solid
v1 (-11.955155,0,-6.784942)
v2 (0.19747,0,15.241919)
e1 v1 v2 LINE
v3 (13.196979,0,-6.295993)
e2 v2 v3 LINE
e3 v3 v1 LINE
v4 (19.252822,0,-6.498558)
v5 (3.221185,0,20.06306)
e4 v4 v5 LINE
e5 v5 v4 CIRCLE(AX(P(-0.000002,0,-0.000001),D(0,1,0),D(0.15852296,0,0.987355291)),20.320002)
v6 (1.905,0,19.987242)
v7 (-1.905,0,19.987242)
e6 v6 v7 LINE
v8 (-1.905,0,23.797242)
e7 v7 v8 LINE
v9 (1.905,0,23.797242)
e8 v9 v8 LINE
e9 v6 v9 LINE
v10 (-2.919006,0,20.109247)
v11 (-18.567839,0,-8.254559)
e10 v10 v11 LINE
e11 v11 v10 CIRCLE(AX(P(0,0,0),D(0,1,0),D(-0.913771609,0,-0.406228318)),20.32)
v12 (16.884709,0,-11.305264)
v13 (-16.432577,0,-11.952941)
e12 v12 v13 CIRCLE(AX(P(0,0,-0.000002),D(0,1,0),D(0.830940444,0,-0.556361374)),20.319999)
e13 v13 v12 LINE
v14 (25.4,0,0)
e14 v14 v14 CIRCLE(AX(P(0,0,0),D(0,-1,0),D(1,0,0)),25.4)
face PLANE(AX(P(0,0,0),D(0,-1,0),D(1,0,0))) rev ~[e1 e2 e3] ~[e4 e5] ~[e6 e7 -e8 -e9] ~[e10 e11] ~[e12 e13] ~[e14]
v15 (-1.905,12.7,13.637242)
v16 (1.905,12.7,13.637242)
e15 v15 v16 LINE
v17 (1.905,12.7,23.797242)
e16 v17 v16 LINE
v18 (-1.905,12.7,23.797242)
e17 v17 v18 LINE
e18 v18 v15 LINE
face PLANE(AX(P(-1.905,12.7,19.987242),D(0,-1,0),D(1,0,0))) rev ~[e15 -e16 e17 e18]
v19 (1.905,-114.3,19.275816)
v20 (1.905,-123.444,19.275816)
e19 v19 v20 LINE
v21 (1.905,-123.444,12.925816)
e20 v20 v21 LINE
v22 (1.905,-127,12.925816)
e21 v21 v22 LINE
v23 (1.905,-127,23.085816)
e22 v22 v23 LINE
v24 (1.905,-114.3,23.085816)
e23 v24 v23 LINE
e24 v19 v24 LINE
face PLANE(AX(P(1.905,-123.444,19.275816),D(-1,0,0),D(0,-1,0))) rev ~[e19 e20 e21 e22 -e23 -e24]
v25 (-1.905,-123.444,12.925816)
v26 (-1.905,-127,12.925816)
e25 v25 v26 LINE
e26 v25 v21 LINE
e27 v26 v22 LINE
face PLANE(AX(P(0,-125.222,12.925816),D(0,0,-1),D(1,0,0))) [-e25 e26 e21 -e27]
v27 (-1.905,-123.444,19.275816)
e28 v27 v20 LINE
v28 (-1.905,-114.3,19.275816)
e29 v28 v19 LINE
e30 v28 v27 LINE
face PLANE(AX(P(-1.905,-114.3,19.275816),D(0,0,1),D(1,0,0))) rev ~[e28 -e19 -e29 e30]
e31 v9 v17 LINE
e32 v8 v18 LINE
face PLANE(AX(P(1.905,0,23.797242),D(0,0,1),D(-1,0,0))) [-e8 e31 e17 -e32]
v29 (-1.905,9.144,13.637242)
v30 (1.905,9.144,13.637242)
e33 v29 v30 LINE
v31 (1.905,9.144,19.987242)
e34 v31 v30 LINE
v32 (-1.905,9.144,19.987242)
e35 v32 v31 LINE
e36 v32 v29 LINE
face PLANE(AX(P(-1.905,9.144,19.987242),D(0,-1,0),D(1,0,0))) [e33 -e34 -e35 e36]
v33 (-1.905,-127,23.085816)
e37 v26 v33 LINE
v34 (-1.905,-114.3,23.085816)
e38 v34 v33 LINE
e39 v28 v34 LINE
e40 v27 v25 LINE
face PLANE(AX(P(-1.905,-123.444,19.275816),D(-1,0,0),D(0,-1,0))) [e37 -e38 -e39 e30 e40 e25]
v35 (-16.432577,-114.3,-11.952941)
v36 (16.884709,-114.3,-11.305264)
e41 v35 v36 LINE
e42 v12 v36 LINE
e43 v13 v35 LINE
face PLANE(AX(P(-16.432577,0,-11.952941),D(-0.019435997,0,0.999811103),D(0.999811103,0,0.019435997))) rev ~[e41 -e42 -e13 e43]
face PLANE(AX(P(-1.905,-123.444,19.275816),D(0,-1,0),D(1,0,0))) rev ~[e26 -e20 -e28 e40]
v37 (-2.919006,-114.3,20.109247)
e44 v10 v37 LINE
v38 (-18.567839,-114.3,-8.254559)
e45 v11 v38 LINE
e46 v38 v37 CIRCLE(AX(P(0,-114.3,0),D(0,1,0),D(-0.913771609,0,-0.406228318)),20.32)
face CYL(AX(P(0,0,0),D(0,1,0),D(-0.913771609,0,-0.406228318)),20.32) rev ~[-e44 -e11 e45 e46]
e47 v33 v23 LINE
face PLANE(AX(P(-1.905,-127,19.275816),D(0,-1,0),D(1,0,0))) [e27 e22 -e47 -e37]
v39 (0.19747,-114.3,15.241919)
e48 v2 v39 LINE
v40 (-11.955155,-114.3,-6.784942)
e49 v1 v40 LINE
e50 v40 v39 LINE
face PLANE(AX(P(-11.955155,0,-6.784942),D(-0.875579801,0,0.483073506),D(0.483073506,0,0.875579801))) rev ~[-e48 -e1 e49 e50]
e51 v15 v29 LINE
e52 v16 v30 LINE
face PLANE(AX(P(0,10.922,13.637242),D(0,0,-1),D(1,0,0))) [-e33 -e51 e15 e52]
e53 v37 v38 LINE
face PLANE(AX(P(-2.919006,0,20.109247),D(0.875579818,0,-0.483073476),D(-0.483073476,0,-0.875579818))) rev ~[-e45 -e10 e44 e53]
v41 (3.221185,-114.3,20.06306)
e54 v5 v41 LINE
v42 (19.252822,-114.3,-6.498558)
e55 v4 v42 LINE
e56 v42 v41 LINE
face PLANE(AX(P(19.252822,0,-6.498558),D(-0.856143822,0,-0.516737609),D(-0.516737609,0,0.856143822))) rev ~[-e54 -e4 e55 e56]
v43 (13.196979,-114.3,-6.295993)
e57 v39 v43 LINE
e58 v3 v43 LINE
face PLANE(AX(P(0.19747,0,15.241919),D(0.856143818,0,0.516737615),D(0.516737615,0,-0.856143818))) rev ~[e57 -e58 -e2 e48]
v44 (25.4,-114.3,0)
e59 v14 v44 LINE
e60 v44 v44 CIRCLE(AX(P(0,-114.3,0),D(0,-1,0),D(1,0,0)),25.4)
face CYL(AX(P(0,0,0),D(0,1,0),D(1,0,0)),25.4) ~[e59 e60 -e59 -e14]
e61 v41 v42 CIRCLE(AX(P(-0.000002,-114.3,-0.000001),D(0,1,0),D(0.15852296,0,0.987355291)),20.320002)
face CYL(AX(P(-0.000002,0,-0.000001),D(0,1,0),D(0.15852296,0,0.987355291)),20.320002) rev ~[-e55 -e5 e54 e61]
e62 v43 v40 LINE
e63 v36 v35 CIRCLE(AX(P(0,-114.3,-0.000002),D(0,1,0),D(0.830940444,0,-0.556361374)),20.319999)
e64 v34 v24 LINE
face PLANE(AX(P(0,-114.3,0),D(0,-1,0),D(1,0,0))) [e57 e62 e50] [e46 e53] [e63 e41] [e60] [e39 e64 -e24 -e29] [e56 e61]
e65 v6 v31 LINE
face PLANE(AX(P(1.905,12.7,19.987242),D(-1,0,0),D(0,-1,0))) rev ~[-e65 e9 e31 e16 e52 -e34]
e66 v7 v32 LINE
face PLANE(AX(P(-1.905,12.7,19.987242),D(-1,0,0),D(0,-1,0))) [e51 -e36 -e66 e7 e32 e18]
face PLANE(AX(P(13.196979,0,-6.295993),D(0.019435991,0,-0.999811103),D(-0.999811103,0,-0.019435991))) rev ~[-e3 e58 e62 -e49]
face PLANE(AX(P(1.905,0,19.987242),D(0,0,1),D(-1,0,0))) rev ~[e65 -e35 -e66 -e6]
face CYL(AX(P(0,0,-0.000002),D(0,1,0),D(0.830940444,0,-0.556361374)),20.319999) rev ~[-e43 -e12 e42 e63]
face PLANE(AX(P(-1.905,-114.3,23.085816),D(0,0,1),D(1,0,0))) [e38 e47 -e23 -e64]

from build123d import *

# Parameters (mm, degrees)
F0_R     = 25.4
F1_DEPTH = 114.3
F2_W     = 3.81
F2_H     = 3.81
F3_DEPTH = 12.7
F4_W     = 3.81
F4_H     = 3.81
F5_DEPTH = 12.7
F6_W     = 3.81
F6_H     = 3.556
F7_DEPTH = 6.35
F8_W     = 3.81
F8_H     = 3.556
F9_DEPTH = 6.35


with BuildPart() as f1:
    # F0 (on Front) → F1 (new body)
    with BuildSketch(Plane.XZ):
        Circle(F0_R)
        with BuildLine():
            ThreePointArc((16.884709, -11.305264), (0.394939, -20.316162), (-16.432577, -11.952941))
            Line((-16.432577, -11.952941), (16.884709, -11.305264))
        make_face(mode=Mode.SUBTRACT)
        with BuildLine():
            ThreePointArc((-18.567839, -8.254559), (-17.791782, 9.816053), (-2.919006, 20.109247))
            Line((-2.919006, 20.109247), (-18.567839, -8.254559))
        make_face(mode=Mode.SUBTRACT)
        Polygon((0.19747, 15.241919), (13.196979, -6.295993), (-11.955155, -6.784942), align=None, mode=Mode.SUBTRACT)
        with BuildLine():
            ThreePointArc((3.221185, 20.06306), (17.396842, 10.500108), (19.252822, -6.498558))
            Line((19.252822, -6.498558), (3.221185, 20.06306))
        make_face(mode=Mode.SUBTRACT)
    extrude(amount=F1_DEPTH)

    # F2 (on face) → F3 (join)
    with BuildSketch(Plane(origin=(0, 0, 0), x_dir=(-1, 0, 0), z_dir=(0, 1, 0))):
        with Locations((0, 21.892242)):
            Rectangle(F2_W, F2_H)
    extrude(amount=F3_DEPTH)

    # F4 (on face) → F5 (join)
    with BuildSketch(Plane.XZ.offset(114.3)):
        with Locations((0, 21.180816)):
            Rectangle(F4_W, F4_H)
    extrude(amount=F5_DEPTH)

    # F6 (on face) → F7 (join)
    with BuildSketch(Plane(origin=(0, 0, 19.987242), x_dir=(1, 0, 0), z_dir=(0, 0, -1))):
        with Locations((0, -10.922)):
            Rectangle(F6_W, F6_H)
    extrude(amount=F7_DEPTH)

    # F8 (on face) → F9 (join)
    with BuildSketch(Plane(origin=(0, 0, 19.275816), x_dir=(1, 0, 0), z_dir=(0, 0, -1))):
        with Locations((0, 125.222)):
            Rectangle(F8_W, F8_H)
    extrude(amount=F9_DEPTH)


solid = f1.part
